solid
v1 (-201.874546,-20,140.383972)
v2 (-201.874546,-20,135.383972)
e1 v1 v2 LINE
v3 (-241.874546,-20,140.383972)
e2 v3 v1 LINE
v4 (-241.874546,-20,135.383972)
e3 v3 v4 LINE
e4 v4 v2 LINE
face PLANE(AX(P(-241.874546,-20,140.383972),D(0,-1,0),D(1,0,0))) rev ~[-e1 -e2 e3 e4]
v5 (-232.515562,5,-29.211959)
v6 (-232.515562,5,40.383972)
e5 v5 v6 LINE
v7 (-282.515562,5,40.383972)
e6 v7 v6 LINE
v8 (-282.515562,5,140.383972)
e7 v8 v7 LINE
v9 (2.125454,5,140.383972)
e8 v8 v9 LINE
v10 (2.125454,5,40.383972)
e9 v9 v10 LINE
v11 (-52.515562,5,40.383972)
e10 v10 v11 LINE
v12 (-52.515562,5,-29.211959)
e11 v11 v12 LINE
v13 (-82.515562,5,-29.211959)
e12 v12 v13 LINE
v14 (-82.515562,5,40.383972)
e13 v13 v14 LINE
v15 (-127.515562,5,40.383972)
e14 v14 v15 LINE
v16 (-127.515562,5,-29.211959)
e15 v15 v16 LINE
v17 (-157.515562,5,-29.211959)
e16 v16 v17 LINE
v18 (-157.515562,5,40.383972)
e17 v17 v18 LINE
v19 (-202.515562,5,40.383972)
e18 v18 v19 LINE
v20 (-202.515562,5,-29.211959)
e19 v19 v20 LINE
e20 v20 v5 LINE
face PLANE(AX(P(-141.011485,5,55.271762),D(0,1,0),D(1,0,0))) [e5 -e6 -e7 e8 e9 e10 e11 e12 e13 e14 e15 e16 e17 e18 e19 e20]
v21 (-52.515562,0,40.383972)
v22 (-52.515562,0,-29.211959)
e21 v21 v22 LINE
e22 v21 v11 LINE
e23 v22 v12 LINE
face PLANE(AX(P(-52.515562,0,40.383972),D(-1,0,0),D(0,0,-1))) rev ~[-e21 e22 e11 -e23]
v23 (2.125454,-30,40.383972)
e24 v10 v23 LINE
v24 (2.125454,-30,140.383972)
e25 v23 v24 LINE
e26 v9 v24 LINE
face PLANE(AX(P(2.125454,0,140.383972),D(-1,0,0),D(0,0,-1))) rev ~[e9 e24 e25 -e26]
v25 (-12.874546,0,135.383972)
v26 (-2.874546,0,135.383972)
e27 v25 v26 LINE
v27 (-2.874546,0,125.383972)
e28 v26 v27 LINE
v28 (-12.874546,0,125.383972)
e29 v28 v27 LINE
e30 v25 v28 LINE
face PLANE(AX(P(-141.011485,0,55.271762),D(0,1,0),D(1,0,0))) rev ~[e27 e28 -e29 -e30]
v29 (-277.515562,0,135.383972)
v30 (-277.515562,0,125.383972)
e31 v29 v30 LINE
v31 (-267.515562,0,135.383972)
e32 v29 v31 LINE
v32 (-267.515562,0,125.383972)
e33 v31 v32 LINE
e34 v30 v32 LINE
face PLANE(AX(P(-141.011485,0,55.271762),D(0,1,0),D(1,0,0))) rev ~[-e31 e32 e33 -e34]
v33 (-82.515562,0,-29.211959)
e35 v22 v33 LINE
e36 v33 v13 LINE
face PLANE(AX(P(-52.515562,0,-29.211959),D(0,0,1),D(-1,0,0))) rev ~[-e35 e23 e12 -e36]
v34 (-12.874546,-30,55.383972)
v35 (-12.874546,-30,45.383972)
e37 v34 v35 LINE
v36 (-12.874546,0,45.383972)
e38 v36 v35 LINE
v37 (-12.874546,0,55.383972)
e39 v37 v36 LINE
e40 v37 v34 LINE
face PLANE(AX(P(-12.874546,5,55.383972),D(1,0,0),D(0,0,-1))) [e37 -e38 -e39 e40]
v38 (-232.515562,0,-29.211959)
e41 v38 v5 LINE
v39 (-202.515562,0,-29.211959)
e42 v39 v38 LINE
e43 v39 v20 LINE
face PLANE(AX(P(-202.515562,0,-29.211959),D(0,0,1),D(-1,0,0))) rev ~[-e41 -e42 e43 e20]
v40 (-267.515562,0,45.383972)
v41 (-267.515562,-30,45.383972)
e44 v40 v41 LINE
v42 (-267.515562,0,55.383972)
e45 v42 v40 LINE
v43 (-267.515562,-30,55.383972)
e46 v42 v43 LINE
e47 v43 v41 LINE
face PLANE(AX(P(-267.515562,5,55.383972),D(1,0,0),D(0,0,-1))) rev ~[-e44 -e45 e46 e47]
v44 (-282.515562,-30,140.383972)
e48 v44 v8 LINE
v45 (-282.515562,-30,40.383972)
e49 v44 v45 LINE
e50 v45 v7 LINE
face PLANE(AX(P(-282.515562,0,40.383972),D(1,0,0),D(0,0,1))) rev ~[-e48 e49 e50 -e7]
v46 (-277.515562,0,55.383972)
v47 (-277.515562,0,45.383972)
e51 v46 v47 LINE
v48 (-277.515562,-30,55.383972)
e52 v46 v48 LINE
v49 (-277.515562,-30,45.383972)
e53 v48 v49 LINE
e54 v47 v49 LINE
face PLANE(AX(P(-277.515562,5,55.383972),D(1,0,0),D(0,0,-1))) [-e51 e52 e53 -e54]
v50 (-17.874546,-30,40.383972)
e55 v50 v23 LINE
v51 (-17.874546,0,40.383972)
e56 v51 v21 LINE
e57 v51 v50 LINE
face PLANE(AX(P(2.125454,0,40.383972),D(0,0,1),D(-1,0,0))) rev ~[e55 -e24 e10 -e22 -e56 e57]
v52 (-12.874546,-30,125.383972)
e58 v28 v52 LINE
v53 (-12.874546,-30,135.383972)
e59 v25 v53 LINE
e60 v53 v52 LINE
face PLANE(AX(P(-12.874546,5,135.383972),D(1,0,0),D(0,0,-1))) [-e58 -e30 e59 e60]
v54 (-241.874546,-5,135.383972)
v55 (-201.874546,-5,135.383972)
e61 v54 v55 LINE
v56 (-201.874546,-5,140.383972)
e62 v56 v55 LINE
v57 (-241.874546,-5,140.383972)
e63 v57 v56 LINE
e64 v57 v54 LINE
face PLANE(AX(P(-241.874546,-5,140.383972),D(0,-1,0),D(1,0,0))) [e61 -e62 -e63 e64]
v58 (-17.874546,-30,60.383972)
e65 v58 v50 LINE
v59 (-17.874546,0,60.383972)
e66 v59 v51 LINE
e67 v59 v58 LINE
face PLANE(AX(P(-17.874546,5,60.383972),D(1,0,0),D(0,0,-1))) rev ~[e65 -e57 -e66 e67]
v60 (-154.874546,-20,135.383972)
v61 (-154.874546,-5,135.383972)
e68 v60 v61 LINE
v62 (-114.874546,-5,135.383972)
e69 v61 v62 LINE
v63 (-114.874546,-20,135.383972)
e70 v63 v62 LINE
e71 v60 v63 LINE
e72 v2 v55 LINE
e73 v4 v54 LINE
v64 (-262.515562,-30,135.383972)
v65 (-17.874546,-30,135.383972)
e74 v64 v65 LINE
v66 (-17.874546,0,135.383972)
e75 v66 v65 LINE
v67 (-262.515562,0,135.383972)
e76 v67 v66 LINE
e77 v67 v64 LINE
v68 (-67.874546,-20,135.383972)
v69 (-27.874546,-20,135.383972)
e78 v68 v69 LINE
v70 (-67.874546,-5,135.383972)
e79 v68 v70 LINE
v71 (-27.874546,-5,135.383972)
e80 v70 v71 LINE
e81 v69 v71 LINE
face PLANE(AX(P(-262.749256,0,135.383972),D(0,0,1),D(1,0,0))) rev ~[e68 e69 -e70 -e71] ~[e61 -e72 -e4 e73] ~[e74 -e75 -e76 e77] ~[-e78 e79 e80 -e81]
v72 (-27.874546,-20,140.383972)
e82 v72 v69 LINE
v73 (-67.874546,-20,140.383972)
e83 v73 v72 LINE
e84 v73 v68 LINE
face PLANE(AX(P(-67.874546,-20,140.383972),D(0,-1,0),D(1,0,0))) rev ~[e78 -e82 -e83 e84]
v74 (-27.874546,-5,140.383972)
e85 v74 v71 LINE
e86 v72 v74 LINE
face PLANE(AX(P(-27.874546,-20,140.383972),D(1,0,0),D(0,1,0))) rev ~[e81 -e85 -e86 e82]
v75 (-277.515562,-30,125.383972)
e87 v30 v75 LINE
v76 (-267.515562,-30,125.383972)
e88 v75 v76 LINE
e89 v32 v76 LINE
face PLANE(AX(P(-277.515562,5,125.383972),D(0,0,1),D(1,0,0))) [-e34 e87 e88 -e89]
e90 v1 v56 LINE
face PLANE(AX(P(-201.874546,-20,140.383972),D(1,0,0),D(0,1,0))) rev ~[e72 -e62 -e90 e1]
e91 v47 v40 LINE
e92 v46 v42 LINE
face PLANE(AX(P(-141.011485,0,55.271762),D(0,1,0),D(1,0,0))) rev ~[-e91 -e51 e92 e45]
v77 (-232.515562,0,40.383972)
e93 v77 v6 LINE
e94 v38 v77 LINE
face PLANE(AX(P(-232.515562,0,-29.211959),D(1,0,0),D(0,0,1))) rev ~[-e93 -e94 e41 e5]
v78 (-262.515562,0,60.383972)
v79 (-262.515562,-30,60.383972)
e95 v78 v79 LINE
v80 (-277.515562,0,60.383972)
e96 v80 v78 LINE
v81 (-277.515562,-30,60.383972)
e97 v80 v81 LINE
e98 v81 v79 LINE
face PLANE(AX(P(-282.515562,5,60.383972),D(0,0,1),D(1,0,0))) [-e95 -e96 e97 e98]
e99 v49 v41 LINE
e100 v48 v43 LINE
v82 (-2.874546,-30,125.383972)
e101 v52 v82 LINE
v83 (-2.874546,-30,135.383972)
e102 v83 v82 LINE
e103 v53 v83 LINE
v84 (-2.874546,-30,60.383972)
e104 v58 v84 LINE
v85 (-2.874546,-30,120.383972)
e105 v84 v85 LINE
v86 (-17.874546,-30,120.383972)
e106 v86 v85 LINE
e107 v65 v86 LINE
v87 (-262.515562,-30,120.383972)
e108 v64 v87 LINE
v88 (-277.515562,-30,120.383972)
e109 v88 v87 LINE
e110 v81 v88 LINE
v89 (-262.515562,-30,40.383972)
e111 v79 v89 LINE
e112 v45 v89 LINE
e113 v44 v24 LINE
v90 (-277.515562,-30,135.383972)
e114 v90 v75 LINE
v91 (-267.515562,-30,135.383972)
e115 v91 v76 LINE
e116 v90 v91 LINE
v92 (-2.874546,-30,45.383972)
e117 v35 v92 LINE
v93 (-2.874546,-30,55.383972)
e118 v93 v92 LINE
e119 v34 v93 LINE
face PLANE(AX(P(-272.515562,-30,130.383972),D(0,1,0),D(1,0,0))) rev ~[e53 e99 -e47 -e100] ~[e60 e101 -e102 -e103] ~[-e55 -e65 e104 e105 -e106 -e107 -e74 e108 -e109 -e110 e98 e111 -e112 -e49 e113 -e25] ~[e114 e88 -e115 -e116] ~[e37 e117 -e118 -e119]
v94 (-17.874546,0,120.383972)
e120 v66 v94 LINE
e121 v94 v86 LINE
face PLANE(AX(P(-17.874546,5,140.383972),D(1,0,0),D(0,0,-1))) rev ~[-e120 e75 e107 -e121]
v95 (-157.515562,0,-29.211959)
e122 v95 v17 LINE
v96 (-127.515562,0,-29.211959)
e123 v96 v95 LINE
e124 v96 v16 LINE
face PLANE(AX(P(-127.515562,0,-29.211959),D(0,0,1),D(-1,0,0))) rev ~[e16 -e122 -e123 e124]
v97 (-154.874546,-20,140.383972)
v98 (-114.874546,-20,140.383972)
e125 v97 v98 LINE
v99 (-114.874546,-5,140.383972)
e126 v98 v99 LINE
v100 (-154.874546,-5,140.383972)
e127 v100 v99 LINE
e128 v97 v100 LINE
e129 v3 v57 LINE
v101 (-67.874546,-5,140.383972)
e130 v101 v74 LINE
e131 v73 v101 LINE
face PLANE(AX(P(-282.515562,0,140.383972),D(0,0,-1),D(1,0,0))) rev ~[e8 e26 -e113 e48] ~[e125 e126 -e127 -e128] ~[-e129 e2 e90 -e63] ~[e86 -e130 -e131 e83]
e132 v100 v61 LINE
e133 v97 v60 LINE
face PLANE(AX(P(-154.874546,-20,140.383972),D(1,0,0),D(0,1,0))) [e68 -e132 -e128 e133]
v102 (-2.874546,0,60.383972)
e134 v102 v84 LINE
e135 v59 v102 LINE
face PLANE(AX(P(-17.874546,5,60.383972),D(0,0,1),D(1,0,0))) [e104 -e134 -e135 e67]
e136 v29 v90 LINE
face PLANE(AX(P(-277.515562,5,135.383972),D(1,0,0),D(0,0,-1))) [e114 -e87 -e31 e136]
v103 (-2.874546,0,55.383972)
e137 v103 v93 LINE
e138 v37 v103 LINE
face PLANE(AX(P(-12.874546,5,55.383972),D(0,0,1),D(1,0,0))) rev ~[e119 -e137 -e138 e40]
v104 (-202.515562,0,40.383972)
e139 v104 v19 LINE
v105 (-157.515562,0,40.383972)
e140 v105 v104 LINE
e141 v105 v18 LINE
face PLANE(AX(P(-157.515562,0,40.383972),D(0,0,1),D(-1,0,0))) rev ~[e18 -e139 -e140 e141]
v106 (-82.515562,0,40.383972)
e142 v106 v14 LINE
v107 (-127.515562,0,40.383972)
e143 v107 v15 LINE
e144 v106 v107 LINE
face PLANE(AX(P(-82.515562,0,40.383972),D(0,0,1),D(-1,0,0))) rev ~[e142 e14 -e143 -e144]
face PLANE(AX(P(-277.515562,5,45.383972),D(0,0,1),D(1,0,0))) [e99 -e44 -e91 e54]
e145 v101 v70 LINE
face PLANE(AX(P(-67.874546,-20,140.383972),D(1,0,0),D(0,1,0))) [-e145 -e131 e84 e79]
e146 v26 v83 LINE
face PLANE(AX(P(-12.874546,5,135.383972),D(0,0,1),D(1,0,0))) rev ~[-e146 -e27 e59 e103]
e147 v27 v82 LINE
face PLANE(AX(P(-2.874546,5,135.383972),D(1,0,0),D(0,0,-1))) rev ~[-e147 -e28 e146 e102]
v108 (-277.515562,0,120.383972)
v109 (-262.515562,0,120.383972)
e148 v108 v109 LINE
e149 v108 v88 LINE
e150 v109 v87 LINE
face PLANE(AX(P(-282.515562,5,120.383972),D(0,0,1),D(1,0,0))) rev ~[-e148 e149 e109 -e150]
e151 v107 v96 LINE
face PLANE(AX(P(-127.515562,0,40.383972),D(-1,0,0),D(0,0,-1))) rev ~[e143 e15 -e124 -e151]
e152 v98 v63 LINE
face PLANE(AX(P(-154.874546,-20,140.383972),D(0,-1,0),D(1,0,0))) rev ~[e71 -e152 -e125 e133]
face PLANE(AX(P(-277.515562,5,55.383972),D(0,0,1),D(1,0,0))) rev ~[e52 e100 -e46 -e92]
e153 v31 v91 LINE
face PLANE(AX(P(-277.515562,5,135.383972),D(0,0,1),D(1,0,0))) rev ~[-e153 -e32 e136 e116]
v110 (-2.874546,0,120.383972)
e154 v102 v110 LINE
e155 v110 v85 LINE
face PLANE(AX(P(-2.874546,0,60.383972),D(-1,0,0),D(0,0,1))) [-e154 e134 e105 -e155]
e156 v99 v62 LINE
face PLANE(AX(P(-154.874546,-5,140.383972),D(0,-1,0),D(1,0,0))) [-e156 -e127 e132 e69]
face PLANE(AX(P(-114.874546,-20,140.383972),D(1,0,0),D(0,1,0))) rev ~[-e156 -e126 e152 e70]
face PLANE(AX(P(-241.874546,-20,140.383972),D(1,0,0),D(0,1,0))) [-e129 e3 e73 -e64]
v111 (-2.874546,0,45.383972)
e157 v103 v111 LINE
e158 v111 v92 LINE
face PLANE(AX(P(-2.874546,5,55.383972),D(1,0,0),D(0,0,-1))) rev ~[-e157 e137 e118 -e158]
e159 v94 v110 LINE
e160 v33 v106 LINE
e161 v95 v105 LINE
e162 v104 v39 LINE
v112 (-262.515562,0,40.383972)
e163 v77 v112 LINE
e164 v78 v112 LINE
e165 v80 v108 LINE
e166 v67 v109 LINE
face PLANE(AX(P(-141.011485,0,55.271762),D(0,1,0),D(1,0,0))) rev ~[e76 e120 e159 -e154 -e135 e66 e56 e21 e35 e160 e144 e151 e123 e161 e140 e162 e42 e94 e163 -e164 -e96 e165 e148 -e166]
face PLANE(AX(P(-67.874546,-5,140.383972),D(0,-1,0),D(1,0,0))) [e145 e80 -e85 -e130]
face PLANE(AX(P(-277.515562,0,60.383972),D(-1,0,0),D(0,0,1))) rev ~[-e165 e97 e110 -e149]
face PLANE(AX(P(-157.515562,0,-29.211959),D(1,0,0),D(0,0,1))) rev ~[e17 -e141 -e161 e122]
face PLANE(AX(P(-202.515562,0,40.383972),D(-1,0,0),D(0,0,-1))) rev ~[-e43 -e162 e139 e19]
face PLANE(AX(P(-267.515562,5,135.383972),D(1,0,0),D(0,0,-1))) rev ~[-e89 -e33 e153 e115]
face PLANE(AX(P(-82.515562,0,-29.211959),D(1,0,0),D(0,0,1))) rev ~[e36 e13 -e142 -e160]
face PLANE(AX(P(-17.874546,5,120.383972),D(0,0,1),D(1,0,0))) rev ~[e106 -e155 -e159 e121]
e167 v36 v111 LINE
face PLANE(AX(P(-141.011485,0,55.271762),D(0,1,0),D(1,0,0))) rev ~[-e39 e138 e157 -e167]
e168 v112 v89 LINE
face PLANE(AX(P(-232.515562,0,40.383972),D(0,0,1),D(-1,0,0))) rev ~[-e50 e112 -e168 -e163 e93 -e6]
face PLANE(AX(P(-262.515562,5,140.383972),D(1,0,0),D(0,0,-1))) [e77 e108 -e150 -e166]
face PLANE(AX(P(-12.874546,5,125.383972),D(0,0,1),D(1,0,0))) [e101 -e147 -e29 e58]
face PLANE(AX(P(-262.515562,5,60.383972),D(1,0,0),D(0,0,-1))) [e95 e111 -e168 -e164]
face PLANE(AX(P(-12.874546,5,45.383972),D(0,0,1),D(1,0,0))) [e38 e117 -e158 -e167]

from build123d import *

# Parameters (mm, degrees)
EXTRUDE_1_DEPTH     = 5
SKETCH_4_W          = 20
SKETCH_4_H          = 20
SKETCH_4_W_2        = 10
SKETCH_4_H_2        = 10
EXTRUDE_2_DEPTH     = 35
SKETCH_5_W          = 244.874710442
SKETCH_5_H          = 5
SKETCH_5_W_2        = 5
SKETCH_5_H_2        = 60
EXTRUDE_3_DEPTH     = 30
SKETCH_7_W          = 40
SKETCH_7_H          = 15
CUT_EXTRUDE_2_DEPTH = 5


with BuildPart() as part:
    # 草图2 → 凸台-拉伸1 (new body)
    with BuildSketch(Plane(origin=(0, 0, 0), x_dir=(1, 0, 0), z_dir=(0, 1, 0))):
        Polygon((-232.515561992, 29.211958859), (-232.515561992, -40.383972047), (-282.515561992, -40.383972047), (-282.515561992, -140.383972047), (2.125454159, -140.383972047), (2.125454159, -40.383972047), (-52.515561992, -40.383972047), (-52.515561992, 29.211958859), (-82.515561992, 29.211958859), (-82.515561992, -40.383972047), (-127.515561992, -40.383972047), (-127.515561992, 29.211958859), (-157.515561992, 29.211958859), (-157.515561992, -40.383972047), (-202.515561992, -40.383972047), (-202.515561992, 29.211958859), align=None)
    extrude(amount=EXTRUDE_1_DEPTH)

    # 草图4 → 凸台-拉伸2 (add)
    # profile 1 of 4: a face of its own
    with BuildSketch(Plane(origin=(0, 5, 0), x_dir=(1, 0, 0), z_dir=(0, 1, 0))):
        with Locations((-272.515561992, -50.383972047)):
            Rectangle(SKETCH_4_W, SKETCH_4_H)
        with Locations((-272.515561992, -50.383972047)):
            Rectangle(SKETCH_4_W_2, SKETCH_4_H_2, mode=Mode.SUBTRACT)
    # profile 2 of 4: a face of its own
    with BuildSketch(Plane(origin=(0, 5, 0), x_dir=(1, 0, 0), z_dir=(0, 1, 0))):
        with Locations((-272.515561992, -130.383972047)):
            Rectangle(SKETCH_4_W, SKETCH_4_H)
        with Locations((-272.515561992, -130.383972047)):
            Rectangle(SKETCH_4_W_2, SKETCH_4_H_2, mode=Mode.SUBTRACT)
    # profile 3 of 4: a face of its own
    with BuildSketch(Plane(origin=(0, 5, 0), x_dir=(1, 0, 0), z_dir=(0, 1, 0))):
        with Locations((-7.874545841, -50.383972047)):
            Rectangle(SKETCH_4_W, SKETCH_4_H)
        with Locations((-7.874545841, -50.383972047)):
            Rectangle(SKETCH_4_W_2, SKETCH_4_H_2, mode=Mode.SUBTRACT)
    # profile 4 of 4: a face of its own
    with BuildSketch(Plane(origin=(0, 5, 0), x_dir=(1, 0, 0), z_dir=(0, 1, 0))):
        with Locations((-7.874545841, -130.383972047)):
            Rectangle(SKETCH_4_W, SKETCH_4_H)
        with Locations((-7.874545841, -130.383972047)):
            Rectangle(SKETCH_4_W_2, SKETCH_4_H_2, mode=Mode.SUBTRACT)
    extrude(amount=-EXTRUDE_2_DEPTH)

    # 草图5 → 凸台-拉伸3 (add)
    with BuildSketch(Plane.XZ):
        with Locations((-140.311901062, 137.883972047)):
            Rectangle(SKETCH_5_W, SKETCH_5_H)
        with Locations((-280.015561992, 90.383972047)):
            Rectangle(SKETCH_5_W_2, SKETCH_5_H_2)
        with Locations((-0.374545841, 90.383972047)):
            Rectangle(SKETCH_5_W_2, SKETCH_5_H_2)
    extrude(amount=EXTRUDE_3_DEPTH)

    # 草图7 → 切除-拉伸2 (cut)
    with BuildSketch(Plane.XY.offset(140.383972047)):
        with Locations((-134.874545841, -12.5)):
            Rectangle(SKETCH_7_W, SKETCH_7_H)
        with Locations((-47.874545841, -12.5)):
            Rectangle(SKETCH_7_W, SKETCH_7_H)
        with Locations((-221.874545841, -12.5)):
            Rectangle(SKETCH_7_W, SKETCH_7_H)
    extrude(amount=-CUT_EXTRUDE_2_DEPTH, mode=Mode.SUBTRACT)


solid = part.part
